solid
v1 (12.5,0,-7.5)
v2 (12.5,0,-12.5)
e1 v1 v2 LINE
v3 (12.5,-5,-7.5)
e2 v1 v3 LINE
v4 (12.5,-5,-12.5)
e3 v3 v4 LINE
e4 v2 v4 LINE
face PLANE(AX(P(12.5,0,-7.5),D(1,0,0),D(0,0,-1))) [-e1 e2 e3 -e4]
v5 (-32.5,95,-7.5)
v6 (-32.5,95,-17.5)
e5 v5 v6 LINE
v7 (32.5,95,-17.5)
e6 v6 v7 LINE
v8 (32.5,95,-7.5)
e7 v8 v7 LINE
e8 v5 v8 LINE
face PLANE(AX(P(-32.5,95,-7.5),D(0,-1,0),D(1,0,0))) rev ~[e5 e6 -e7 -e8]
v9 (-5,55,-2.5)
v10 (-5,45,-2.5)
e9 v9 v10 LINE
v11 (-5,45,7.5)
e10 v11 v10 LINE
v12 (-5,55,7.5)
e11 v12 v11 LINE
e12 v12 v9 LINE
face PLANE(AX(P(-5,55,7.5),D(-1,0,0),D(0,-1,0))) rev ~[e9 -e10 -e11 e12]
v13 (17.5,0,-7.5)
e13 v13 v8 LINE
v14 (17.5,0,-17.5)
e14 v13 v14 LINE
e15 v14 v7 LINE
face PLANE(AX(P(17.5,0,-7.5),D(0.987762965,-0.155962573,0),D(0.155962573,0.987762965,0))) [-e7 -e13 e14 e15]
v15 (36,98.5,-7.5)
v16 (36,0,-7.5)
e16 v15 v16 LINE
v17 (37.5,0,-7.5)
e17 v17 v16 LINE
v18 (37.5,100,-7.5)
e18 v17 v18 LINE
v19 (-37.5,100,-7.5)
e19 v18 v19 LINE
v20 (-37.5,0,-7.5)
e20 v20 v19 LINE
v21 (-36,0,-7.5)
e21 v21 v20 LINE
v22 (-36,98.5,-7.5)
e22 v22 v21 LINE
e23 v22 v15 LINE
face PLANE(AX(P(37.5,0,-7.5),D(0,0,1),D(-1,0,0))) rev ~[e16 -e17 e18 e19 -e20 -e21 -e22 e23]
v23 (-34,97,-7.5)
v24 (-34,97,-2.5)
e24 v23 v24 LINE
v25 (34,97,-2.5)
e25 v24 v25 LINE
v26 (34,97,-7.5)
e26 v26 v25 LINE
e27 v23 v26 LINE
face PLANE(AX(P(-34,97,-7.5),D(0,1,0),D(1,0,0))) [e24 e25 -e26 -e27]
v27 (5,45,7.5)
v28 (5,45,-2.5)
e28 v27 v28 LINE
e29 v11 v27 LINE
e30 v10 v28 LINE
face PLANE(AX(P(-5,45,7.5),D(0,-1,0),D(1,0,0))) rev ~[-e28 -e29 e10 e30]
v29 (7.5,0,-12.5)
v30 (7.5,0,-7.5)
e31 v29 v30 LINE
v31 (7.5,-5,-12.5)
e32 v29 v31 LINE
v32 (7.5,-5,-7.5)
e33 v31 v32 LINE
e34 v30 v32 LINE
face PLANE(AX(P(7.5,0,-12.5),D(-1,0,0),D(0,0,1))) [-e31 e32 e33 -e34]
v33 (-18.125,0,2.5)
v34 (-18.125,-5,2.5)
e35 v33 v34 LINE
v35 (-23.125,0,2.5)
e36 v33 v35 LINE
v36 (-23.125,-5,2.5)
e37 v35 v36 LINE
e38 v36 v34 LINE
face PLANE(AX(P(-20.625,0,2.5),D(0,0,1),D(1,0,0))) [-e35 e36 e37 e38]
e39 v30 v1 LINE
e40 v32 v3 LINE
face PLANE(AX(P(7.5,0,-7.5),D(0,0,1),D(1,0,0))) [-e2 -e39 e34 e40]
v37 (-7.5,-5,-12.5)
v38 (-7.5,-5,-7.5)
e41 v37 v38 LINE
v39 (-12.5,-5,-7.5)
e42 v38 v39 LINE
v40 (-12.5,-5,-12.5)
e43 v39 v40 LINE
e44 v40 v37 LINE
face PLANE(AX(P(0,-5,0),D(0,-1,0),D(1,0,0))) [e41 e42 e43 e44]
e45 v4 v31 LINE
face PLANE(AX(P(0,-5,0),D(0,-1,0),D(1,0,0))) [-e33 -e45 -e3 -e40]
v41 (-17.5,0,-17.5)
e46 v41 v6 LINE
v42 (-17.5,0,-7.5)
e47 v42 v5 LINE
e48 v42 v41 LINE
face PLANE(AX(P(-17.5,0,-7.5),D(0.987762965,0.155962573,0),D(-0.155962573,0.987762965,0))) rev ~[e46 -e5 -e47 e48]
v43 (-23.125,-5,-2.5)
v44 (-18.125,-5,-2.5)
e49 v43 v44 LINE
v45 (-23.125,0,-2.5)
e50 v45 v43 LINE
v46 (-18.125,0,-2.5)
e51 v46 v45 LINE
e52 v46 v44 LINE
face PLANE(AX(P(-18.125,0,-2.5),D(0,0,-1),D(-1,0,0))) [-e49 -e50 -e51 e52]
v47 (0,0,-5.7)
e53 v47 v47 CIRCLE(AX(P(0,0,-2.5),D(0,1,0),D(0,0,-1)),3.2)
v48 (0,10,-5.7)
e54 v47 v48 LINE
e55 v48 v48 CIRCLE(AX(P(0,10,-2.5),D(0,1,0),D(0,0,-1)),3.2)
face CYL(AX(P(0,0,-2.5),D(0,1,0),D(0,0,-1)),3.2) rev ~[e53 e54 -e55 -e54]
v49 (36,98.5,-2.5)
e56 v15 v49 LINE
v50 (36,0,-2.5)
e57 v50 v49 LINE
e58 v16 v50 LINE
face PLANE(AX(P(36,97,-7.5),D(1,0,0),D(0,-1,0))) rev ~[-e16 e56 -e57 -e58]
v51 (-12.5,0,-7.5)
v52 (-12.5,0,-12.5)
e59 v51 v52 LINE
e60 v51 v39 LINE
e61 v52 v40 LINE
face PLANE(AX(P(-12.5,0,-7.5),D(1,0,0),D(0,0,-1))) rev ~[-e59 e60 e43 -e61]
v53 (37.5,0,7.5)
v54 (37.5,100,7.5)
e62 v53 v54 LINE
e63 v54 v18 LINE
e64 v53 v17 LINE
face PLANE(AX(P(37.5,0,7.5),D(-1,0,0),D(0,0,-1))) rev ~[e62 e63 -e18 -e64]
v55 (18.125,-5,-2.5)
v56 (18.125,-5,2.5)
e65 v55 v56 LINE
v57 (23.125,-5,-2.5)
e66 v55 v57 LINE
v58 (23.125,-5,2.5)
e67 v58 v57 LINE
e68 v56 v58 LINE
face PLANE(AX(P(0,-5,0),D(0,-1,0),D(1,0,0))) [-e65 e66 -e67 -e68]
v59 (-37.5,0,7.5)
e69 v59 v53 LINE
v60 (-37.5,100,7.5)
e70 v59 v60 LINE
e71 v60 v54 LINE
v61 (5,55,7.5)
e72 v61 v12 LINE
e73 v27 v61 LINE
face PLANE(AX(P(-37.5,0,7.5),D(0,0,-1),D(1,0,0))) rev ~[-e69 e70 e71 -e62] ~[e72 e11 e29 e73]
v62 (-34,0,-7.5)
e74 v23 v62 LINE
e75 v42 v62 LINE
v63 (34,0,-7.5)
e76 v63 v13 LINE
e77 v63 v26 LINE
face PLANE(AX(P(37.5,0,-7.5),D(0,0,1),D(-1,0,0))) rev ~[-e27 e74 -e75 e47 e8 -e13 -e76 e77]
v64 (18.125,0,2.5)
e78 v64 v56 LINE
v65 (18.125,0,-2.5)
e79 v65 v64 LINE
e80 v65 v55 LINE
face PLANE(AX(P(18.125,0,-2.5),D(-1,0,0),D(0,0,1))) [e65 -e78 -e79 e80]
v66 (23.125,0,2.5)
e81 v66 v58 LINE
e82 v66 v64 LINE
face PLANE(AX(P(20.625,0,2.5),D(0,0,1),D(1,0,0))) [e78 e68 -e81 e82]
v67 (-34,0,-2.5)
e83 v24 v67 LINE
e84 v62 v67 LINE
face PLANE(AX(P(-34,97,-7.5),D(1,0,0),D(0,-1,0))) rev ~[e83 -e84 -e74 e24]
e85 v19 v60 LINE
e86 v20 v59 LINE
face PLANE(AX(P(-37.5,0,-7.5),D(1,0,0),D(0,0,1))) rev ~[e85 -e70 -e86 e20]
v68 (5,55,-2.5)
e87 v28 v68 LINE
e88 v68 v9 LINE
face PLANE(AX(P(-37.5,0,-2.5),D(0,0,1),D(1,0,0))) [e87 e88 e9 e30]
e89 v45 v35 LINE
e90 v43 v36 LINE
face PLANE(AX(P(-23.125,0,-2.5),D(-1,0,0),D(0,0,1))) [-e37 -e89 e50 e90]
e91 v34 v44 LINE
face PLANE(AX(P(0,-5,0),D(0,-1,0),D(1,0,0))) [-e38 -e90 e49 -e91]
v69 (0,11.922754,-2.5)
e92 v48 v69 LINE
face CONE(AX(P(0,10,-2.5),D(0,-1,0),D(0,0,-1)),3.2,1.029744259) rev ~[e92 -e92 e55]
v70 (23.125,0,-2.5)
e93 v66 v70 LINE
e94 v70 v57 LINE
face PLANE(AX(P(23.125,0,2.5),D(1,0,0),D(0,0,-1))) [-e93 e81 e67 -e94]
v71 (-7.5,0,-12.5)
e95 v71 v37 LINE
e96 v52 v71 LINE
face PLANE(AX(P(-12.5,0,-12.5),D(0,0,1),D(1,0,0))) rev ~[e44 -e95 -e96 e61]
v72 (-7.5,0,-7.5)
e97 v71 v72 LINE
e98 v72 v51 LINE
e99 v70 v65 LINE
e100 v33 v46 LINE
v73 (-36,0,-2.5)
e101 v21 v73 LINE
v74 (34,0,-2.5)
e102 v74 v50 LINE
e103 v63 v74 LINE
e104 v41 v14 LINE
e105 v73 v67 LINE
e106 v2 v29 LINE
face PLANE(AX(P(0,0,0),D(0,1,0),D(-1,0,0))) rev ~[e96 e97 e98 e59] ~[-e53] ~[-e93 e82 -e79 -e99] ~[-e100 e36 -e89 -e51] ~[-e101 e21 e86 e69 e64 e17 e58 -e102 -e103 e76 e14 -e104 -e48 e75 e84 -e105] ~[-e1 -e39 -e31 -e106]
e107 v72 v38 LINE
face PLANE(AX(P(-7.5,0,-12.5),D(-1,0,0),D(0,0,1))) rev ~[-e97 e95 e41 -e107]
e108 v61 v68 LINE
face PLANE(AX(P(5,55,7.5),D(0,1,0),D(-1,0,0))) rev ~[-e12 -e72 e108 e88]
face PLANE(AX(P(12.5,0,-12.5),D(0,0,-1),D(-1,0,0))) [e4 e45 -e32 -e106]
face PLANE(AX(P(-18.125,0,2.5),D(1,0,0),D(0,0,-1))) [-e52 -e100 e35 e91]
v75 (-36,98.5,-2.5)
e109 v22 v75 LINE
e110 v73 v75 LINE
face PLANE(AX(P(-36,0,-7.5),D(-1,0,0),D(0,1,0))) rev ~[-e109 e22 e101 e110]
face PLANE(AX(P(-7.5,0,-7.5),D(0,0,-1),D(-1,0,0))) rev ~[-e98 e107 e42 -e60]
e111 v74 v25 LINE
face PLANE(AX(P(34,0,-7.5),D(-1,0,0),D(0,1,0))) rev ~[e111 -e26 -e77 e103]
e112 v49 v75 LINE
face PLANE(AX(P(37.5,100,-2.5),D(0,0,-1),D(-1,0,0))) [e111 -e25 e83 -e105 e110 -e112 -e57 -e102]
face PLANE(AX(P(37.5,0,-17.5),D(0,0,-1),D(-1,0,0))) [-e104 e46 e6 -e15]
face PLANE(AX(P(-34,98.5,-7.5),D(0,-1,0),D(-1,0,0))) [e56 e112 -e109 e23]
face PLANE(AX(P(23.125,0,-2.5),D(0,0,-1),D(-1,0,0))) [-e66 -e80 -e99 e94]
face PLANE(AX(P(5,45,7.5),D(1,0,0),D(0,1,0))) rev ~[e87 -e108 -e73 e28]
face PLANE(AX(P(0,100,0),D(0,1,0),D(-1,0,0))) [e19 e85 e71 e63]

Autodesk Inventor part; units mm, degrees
ref_plane "YZ Plane" through (0, 0, 0) normal (1, 0, 0) x (0, 1, 0)
ref_plane "XZ Plane" through (0, 0, 0) normal (0, 1, 0) x (-1, 0, 0)
ref_plane "XY Plane" through (0, 0, 0) normal (0, 0, 1) x (1, 0, 0)
sketch "Sketch5" plane through (0, 0, 0) normal (0, 1, 0) x (-1, 0, 0)
  line L0 (-37.5, -7.5) -> (37.5, -7.5)
  line L1 (37.5, -7.5) -> (37.5, 7.5)
  line L2 (37.5, 7.5) -> (-37.5, 7.5)
  line L3 (-37.5, 7.5) -> (-37.5, -7.5)
  line L4 (-37.5, -7.5) -> (37.5, 7.5) construction
  line L5 (37.5, -7.5) -> (-37.5, 7.5) construction
  point P0 (0, 0)
  dimension "d6" = 75
  dimension "d7" = 15
extrude "Extrusion2" add sketch "Sketch5" along normal blind 100
sketch "Sketch36" plane through (0, 0, 0) normal (0, -1, 0) x (1, 0, 0)
  line L0 (-37.5, 7.5) -> (37.5, 7.5) projected
  line L1 (0, 7.5) -> (0, -2.5)
  point P0 (0, 0)
  dimension "d82" = 10
hole "Hole1" at (0, 0, -2.5) direction (0, 1, 0) diameter 6.4 depth 10 tip angle 118
sketch "Sketch37" plane through (37.5, 0, -7.5) normal (0, 0, -1) x (-1, 0, 0)
  line L0 (37.5, 0) -> (55, 0)
  line L1 (75, 0) -> (0, 0) projected
  line L2 (70, 0) -> (70, 95)
  line L3 (0, 100) -> (75, 100) projected
  line L4 (70, 0) -> (165, 0) construction
  line L5 (70, 95) -> (5, 95)
  line L6 (0, 0) -> (0, 100) projected
  line L7 (5, 95) -> (5, 0)
  line L8 (5, 0) -> (0, 0)
  line L9 (0, 100) -> (75, 100)
  line L10 (75, 100) -> (75, 0)
  line L11 (55, 0) -> (70, 95)
  line L12 (5, 95) -> (70, 95)
  line L13 (37.5, 0) -> (20, 0)
  line L14 (20, 0) -> (5, 95)
  dimension "d90" = 17.5
  dimension "d91" = 95
  dimension "d92" = 90
  dimension "d93" = 65
  dimension "d94" = 17.5
extrude "Extrusion11" add sketch "Sketch37" along normal blind 10 contours L1 L14 L5 L11 L0
sketch "Sketch38" plane through (37.5, 100, -7.5) normal (0, 0, -1) x (-1, 0, 0)
  line L0 (75, -100) -> (0, -100) projected
  line L1 (1.5, -100) -> (3.5, -100)
  line L2 (3.5, -100) -> (3.5, -1.5)
  line L3 (3.5, -1.5) -> (1.5, -1.5)
  line L4 (1.5, -1.5) -> (1.5, -100)
  line L5 (1.5, -1.5) -> (73.5, -1.5)
  line L6 (73.5, -1.5) -> (73.5, -3)
  line L7 (73.5, -3) -> (1.5, -3)
  line L8 (1.5, -3) -> (1.5, -1.5)
  line L9 (55, -100) -> (75, -100) projected
  line L10 (73.5, -1.5) -> (71.5, -1.5)
  line L11 (71.5, -1.5) -> (71.5, -100)
  line L12 (71.5, -100) -> (73.5, -100)
  line L13 (73.5, -100) -> (73.5, -1.5)
  point P0 (37.5, -100)
  dimension "d97" = 2
  dimension "d98" = 98.5
  dimension "d99" = 72
  dimension "d100" = 2
extrude "Extrusion12" cut sketch "Sketch38" against normal blind 5 contours L0 L11 L7 L13 | L7 L11 L5 L6 | L7 L2 L5 L11 | L0 L4 L7 L2 | L7 L4 L3 L2
sketch "Sketch39" plane through (-37.5, 0, 7.5) normal (0, 0, 1) x (1, 0, 0)
  line L0 (42.5, 55) -> (32.5, 55)
  line L1 (32.5, 55) -> (32.5, 45)
  line L2 (32.5, 45) -> (42.5, 45)
  line L3 (42.5, 45) -> (42.5, 55)
  line L4 (42.5, 55) -> (32.5, 45) construction
  line L5 (32.5, 55) -> (42.5, 45) construction
  point P0 (37.5, 0)
  point P1 (37.5, 50)
  dimension "d103" = 10
  dimension "d104" = 10
extrude "Extrusion13" cut sketch "Sketch39" against normal blind 10
sketch "Sketch43" plane through (0, 0, 0) normal (0, -1, 0) x (1, 0, 0)
  line L0 (17.5, -7.5) -> (17.5, -17.5) projected
  line L1 (17.5, -17.5) -> (12.5, -17.5)
  line L2 (12.5, -17.5) -> (12.5, -12.5)
  line L3 (12.5, -12.5) -> (17.5, -12.5)
  line L4 (17.5, -12.5) -> (17.5, -17.5)
  line L5 (12.5, -12.5) -> (7.5, -12.5)
  line L6 (7.5, -12.5) -> (7.5, -7.5)
  line L7 (7.5, -7.5) -> (12.5, -7.5)
  line L8 (12.5, -7.5) -> (12.5, -12.5)
  point P0 (0, 0)
  dimension "d122" = 5
  dimension "d123" = 5
  dimension "d124" = 5
  dimension "d125" = 5
extrude "Extrusion16" add sketch "Sketch43" along normal blind 5 contours L5 L6 L7 L8
sketch "Sketch45" plane through (0, 0, 0) normal (0, -1, 0) x (1, 0, 0)
  line L0 (-17.5, -7.5) -> (-17.5, -17.5) projected
  line L1 (-17.5, -17.5) -> (-12.5, -17.5)
  line L2 (-12.5, -17.5) -> (-12.5, -12.5)
  line L3 (-12.5, -12.5) -> (-17.5, -12.5)
  line L4 (-17.5, -12.5) -> (-17.5, -17.5)
  line L5 (-12.5, -12.5) -> (-7.5, -12.5)
  line L6 (-7.5, -12.5) -> (-7.5, -7.5)
  line L7 (-7.5, -7.5) -> (-12.5, -7.5)
  line L8 (-12.5, -7.5) -> (-12.5, -12.5)
  point P0 (0, 0)
  dimension "d128" = 5
  dimension "d129" = 5
  dimension "d130" = 5
  dimension "d131" = 5
extrude "Extrusion17" add sketch "Sketch45" along normal blind 5 contours L8 L7 L6 L5
sketch "Sketch48" plane through (0, 0, 0) normal (0, -1, 0) x (1, 0, 0)
  line L0 (-27.5, 7.5) -> (27.5, 7.5)
  line L1 (27.5, 7.5) -> (27.5, -7.5)
  line L2 (27.5, -7.5) -> (-27.5, -7.5)
  line L3 (-27.5, -7.5) -> (-27.5, 7.5)
  line L4 (-27.5, 7.5) -> (27.5, -7.5) construction
  line L5 (27.5, 7.5) -> (-27.5, -7.5) construction
  line L6 (0, -7.5) -> (27.5, -7.5)
  line L7 (27.5, -7.5) -> (27.5, 7.5)
  line L8 (27.5, 7.5) -> (0, 7.5)
  line L9 (0, 7.5) -> (0, -7.5)
  line L10 (13.75, -7.5) -> (27.5, -7.5)
  line L11 (27.5, -7.5) -> (27.5, 7.5)
  line L12 (27.5, 7.5) -> (13.75, 7.5)
  line L13 (13.75, 7.5) -> (13.75, -7.5)
  line L14 (20.625, -7.5) -> (27.5, -7.5)
  line L15 (27.5, -7.5) -> (27.5, 7.5)
  line L16 (27.5, 7.5) -> (20.625, 7.5)
  line L17 (20.625, 7.5) -> (20.625, -7.5)
  line L18 (18.125, 2.5) -> (23.125, 2.5)
  line L19 (23.125, 2.5) -> (23.125, -2.5)
  line L20 (23.125, -2.5) -> (18.125, -2.5)
  line L21 (18.125, -2.5) -> (18.125, 2.5)
  line L22 (18.125, 2.5) -> (23.125, -2.5) construction
  line L23 (23.125, 2.5) -> (18.125, -2.5) construction
  point P0 (0, 0)
  point P1 (20.625, 0)
  dimension "d145" = 55
  dimension "d146" = 15
  dimension "d147" = 5
  dimension "d148" = 5
extrude "Extrusion20" add sketch "Sketch48" along normal blind 5 contours L18 L19 L20 L17 | L17 L20 L21 L18
sketch "Sketch49" plane through (0, 0, 0) normal (0, -1, 0) x (1, 0, 0)
  line L0 (-27.5, 7.5) -> (27.5, 7.5)
  line L1 (27.5, 7.5) -> (27.5, -7.5)
  line L2 (27.5, -7.5) -> (-27.5, -7.5)
  line L3 (-27.5, -7.5) -> (-27.5, 7.5)
  line L4 (-27.5, 7.5) -> (27.5, -7.5) construction
  line L5 (27.5, 7.5) -> (-27.5, -7.5) construction
  line L6 (0, -7.5) -> (-27.5, -7.5)
  line L7 (-27.5, -7.5) -> (-27.5, 7.5)
  line L8 (-27.5, 7.5) -> (0, 7.5)
  line L9 (0, 7.5) -> (0, -7.5)
  line L10 (0, -7.5) -> (-27.5, -7.5)
  line L11 (-27.5, -7.5) -> (-27.5, 7.5)
  line L12 (-27.5, 7.5) -> (0, 7.5)
  line L13 (0, 7.5) -> (0, -7.5)
  line L14 (-13.75, -7.5) -> (-27.5, -7.5)
  line L15 (-27.5, -7.5) -> (-27.5, 7.5)
  line L16 (-27.5, 7.5) -> (-13.75, 7.5)
  line L17 (-13.75, 7.5) -> (-13.75, -7.5)
  line L18 (-20.625, -7.5) -> (-27.5, -7.5)
  line L19 (-27.5, -7.5) -> (-27.5, 7.5)
  line L20 (-27.5, 7.5) -> (-20.625, 7.5)
  line L21 (-20.625, 7.5) -> (-20.625, -7.5)
  line L22 (-23.125, 2.5) -> (-18.125, 2.5)
  line L23 (-18.125, 2.5) -> (-18.125, -2.5)
  line L24 (-18.125, -2.5) -> (-23.125, -2.5)
  line L25 (-23.125, -2.5) -> (-23.125, 2.5)
  line L26 (-23.125, 2.5) -> (-18.125, -2.5) construction
  line L27 (-18.125, 2.5) -> (-23.125, -2.5) construction
  point P0 (0, 0)
  point P1 (-20.625, 0)
  dimension "d151" = 55
  dimension "d152" = 15
  dimension "d153" = 5
  dimension "d154" = 5
extrude "Extrusion21" add sketch "Sketch49" along normal blind 5 contours L22 L23 L24 L21 | L21 L24 L25 L22
properties part number "tb3_start"
